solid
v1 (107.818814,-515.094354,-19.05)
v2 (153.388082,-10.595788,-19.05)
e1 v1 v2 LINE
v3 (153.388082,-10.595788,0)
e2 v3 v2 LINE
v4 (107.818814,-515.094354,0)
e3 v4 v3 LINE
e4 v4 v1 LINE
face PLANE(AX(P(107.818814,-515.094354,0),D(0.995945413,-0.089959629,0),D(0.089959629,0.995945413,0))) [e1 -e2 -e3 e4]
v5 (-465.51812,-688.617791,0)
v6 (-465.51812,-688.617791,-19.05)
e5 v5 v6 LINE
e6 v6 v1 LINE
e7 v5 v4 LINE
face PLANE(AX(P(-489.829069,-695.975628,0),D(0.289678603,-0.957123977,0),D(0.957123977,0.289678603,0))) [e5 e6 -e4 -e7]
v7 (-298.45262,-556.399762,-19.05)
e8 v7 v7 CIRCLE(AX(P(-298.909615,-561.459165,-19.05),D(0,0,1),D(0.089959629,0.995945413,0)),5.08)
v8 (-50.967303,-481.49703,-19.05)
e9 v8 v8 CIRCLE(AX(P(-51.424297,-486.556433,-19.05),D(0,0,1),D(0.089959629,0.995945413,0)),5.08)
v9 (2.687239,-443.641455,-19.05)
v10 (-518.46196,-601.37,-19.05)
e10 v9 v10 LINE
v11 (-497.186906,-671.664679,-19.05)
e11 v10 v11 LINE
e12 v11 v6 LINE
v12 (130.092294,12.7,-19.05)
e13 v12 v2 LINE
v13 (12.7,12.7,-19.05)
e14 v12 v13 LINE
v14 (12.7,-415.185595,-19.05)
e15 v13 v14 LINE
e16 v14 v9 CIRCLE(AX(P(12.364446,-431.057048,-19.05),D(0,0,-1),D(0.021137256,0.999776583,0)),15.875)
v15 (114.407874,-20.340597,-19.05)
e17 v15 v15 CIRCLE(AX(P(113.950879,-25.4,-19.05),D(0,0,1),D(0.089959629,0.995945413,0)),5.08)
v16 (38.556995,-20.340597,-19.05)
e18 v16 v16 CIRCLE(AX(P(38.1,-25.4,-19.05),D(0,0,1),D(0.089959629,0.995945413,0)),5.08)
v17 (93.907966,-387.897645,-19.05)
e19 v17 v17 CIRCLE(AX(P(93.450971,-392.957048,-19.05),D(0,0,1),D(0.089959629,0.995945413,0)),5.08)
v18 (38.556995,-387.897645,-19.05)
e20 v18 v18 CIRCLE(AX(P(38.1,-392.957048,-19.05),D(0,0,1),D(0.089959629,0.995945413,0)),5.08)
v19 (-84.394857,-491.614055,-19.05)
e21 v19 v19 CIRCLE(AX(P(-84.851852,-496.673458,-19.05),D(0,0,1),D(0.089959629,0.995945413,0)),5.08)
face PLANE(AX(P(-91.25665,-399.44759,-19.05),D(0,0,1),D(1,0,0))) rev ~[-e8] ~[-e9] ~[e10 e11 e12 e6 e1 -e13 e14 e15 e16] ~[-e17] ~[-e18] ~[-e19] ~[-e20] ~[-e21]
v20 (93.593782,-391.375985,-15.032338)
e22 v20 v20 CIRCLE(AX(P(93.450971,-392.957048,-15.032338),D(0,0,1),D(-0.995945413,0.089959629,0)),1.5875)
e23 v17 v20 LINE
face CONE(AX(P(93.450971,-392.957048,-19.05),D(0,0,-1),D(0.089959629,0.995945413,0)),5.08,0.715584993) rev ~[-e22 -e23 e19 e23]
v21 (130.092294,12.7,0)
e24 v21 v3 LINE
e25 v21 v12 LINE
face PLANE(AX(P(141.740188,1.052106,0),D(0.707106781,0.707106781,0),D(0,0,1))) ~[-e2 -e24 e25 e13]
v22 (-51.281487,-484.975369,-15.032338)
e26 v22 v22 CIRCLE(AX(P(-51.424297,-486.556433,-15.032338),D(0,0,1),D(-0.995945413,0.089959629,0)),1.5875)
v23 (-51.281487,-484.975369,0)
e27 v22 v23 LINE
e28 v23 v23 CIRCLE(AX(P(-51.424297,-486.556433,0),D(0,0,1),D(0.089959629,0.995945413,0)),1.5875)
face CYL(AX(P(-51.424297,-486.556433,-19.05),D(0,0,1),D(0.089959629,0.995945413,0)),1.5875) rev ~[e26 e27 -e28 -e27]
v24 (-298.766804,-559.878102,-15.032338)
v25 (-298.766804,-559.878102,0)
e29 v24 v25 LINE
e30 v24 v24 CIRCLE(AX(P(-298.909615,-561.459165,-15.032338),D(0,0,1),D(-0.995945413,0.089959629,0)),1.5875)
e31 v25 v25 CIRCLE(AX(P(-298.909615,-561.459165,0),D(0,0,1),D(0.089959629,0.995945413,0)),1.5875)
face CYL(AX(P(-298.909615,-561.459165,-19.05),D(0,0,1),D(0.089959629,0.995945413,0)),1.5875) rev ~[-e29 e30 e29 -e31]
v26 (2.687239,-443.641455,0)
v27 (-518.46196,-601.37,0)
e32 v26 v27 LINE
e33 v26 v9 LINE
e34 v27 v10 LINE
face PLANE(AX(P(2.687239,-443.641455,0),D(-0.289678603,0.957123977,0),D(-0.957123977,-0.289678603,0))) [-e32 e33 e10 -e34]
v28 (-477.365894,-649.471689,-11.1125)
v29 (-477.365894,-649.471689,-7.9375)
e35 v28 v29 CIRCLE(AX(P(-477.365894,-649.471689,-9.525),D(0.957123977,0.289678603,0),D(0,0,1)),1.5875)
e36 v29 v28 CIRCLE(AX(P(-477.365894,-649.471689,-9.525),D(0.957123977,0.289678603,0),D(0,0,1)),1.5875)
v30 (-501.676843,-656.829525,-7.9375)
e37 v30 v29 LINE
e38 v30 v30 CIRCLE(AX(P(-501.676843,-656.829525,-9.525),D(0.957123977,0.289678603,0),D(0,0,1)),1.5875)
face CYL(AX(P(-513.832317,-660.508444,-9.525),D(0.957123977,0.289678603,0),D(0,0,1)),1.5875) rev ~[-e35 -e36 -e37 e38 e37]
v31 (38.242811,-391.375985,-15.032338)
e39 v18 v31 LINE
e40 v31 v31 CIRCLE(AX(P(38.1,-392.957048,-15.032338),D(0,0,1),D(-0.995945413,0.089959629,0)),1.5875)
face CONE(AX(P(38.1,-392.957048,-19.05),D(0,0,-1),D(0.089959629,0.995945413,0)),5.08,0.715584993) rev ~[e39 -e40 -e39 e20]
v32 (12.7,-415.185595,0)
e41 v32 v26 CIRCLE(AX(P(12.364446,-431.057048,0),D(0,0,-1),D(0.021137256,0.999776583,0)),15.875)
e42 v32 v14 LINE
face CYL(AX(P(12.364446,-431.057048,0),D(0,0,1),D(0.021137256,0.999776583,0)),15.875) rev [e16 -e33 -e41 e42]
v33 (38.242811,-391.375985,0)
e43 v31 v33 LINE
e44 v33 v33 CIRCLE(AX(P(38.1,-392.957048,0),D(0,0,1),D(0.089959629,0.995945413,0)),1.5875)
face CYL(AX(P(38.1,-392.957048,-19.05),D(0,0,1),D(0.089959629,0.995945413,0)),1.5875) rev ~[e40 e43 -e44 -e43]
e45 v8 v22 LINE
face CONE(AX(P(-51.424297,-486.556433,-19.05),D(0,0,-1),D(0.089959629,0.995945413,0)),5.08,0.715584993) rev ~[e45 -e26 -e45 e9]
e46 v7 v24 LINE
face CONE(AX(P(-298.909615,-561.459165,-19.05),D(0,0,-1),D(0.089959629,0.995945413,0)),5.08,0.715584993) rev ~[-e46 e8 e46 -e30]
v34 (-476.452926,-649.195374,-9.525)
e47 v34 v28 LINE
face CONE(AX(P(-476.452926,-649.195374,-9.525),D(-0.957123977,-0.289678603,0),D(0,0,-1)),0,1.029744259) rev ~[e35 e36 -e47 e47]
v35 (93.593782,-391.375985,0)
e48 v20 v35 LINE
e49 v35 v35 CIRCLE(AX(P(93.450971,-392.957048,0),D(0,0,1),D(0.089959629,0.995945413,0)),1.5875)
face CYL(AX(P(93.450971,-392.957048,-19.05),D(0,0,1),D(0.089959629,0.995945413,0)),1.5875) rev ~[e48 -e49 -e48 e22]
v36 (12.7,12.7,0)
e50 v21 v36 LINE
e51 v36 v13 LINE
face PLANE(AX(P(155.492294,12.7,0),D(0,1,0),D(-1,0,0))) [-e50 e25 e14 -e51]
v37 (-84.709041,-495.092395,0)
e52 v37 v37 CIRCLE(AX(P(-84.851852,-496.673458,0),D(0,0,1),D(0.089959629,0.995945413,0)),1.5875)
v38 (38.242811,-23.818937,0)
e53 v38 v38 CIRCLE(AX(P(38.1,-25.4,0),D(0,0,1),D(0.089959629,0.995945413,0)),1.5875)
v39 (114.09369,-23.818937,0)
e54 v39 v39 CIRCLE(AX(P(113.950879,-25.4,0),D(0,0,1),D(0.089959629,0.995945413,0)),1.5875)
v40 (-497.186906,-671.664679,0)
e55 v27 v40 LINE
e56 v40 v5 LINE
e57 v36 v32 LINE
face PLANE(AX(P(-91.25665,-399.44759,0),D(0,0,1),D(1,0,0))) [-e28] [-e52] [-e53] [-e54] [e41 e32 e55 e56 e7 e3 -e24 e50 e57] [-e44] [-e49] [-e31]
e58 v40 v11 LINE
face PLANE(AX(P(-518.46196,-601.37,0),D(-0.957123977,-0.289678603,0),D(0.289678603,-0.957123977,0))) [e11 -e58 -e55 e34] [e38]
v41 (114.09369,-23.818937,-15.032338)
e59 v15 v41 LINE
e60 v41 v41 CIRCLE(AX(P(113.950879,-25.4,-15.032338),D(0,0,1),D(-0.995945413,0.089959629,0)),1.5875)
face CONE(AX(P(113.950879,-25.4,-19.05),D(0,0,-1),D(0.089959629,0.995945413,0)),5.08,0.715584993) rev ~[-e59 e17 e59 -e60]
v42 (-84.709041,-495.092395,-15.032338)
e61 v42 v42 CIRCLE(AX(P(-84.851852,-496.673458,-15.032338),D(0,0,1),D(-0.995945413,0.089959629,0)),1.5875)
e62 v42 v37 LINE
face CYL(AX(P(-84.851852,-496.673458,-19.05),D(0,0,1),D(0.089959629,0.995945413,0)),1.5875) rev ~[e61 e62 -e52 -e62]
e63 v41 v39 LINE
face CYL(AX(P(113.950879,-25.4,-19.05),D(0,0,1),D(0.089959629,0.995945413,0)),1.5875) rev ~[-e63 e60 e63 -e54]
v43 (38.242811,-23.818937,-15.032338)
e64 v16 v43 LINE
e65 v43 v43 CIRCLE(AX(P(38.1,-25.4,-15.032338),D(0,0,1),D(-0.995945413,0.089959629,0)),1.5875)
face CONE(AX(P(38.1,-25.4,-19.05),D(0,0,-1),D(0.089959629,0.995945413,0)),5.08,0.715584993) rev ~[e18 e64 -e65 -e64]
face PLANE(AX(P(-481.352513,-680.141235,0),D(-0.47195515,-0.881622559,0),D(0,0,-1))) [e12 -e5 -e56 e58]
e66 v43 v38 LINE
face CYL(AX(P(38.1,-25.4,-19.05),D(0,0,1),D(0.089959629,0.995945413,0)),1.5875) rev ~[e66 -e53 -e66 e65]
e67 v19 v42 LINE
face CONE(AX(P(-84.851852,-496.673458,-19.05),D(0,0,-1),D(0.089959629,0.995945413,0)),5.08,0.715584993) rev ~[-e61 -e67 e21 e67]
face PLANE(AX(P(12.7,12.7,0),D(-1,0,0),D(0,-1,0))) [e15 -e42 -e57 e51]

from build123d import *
from OCP.BRepFilletAPI import BRepFilletAPI_MakeChamfer

# Parameters (mm, degrees)
BOSS_EXTRUDE1_DEPTH = 19.05
CHAMFER1_SIZE       = 25.4
CHAMFER1_SIZE2      = 23.3906272
HOLE5_D             = 3.175
HOLE5_DEPTH         = 38.1
HOLE5_CSINK_D       = 10.16
HOLE5_CSINK_ANGLE   = 82
HOLE5_TIP           = 0.953866233
HOLE6_D             = 3.175
HOLE6_DEPTH         = 38.1
HOLE6_CSINK_D       = 10.16
HOLE6_CSINK_ANGLE   = 82
HOLE6_TIP           = 0.953866233


with BuildPart() as part:
    # Sketch1 → Boss-Extrude1 (new body)
    with BuildSketch(Plane.XY):
        with BuildLine():
            Line((12.7, 12.7), (12.7, -415.185594934))
            ThreePointArc((12.7, -415.185594934), (27.339445595, -436.32629993), (2.687239133, -443.641454859))
            Line((2.687239133, -443.641454859), (-518.461959982, -601.369999539))
            Line((-518.461959982, -601.369999539), (-489.829069295, -695.97562771))
            Line((-489.829069295, -695.97562771), (107.818813597, -515.094354248))
            Line((107.818813597, -515.094354248), (155.492294041, 12.7))
            Line((155.492294041, 12.7), (12.7, 12.7))
        make_face()
    extrude(amount=-BOSS_EXTRUDE1_DEPTH)

    # Chamfer1: one chamfer whose edges measure the first distance from different faces: ONE call of the kernel's chamfer builder (chamfer() names one face for all edges)
    chamfer1_edges_1 = [part.edges().sort_by_distance(p)[0] for p in [
        (155.492294041, 12.7, -9.525),
    ]]
    chamfer1_side_1 = [part.faces().sort_by_distance(p)[0] for p in [
        (84.09614702, 12.7, -9.525),
    ]]
    chamfer1_edges_2 = [part.edges().sort_by_distance(p)[0] for p in [
        (-489.829069295, -695.97562771, -9.525),
    ]]
    chamfer1 = BRepFilletAPI_MakeChamfer(part.part.solid().wrapped)
    for e in chamfer1_edges_1:
        chamfer1.Add(CHAMFER1_SIZE, CHAMFER1_SIZE2, e.wrapped, chamfer1_side_1[0].wrapped)  # the first distance lies on this face
    for e in chamfer1_edges_2:
        chamfer1.Add(CHAMFER1_SIZE, e.wrapped)
    add(Compound.cast(chamfer1.Shape()), mode=Mode.REPLACE)

    # Hole5
    with Locations(Plane(origin=(155.286738577, 10.424290059, -19.05), x_dir=(-0.08995962873759064, -0.9959454127598535, 0), z_dir=(0, 0, -1))):
        with Locations((46.221112845, 113.488854888), (39.39759596, 37.945520226), (412.28786892, 80.423559293), (407.308516105, 25.297013484), (513.561319184, 161.164706775), (597.46020397, 127.267357003), (610.543339245, 159.649253123), (694.322923815, 367.011001477), (526.644454459, 193.546602895), (610.424039029, 400.908351249)):
            CounterSinkHole(HOLE5_D / 2, HOLE5_CSINK_D / 2, depth=HOLE5_DEPTH, counter_sink_angle=HOLE5_CSINK_ANGLE)
            with Locations((0, 0, -(HOLE5_DEPTH + HOLE5_TIP / 2))):  # 118° drill point
                Cone(0, HOLE5_D / 2, HOLE5_TIP, mode=Mode.SUBTRACT)

    # Hole6
    with Locations(Plane(origin=(-643.705760022, -231.394989772, 165.474999994), x_dir=(0, 0, -1), z_dir=(-0.9571239768071421, -0.2896786029738502, -1.2569443472852944e-15))):
        with Locations((-108.649999997, 332.89193461), (108.649999997, 332.89193461), (207.774999994, 332.89193461), (174.999999994, 448.336332751), (135.266666663, 384.042401694), (176.283333328, 384.042401694), (-174.999999994, 448.336332751), (-135.266666663, 384.042401694), (-176.283333328, 384.042401694), (-207.774999994, 332.89193461)):
            CounterSinkHole(HOLE6_D / 2, HOLE6_CSINK_D / 2, depth=HOLE6_DEPTH, counter_sink_angle=HOLE6_CSINK_ANGLE)
            with Locations((0, 0, -(HOLE6_DEPTH + HOLE6_TIP / 2))):  # 118° drill point
                Cone(0, HOLE6_D / 2, HOLE6_TIP, mode=Mode.SUBTRACT)


solid = part.part
